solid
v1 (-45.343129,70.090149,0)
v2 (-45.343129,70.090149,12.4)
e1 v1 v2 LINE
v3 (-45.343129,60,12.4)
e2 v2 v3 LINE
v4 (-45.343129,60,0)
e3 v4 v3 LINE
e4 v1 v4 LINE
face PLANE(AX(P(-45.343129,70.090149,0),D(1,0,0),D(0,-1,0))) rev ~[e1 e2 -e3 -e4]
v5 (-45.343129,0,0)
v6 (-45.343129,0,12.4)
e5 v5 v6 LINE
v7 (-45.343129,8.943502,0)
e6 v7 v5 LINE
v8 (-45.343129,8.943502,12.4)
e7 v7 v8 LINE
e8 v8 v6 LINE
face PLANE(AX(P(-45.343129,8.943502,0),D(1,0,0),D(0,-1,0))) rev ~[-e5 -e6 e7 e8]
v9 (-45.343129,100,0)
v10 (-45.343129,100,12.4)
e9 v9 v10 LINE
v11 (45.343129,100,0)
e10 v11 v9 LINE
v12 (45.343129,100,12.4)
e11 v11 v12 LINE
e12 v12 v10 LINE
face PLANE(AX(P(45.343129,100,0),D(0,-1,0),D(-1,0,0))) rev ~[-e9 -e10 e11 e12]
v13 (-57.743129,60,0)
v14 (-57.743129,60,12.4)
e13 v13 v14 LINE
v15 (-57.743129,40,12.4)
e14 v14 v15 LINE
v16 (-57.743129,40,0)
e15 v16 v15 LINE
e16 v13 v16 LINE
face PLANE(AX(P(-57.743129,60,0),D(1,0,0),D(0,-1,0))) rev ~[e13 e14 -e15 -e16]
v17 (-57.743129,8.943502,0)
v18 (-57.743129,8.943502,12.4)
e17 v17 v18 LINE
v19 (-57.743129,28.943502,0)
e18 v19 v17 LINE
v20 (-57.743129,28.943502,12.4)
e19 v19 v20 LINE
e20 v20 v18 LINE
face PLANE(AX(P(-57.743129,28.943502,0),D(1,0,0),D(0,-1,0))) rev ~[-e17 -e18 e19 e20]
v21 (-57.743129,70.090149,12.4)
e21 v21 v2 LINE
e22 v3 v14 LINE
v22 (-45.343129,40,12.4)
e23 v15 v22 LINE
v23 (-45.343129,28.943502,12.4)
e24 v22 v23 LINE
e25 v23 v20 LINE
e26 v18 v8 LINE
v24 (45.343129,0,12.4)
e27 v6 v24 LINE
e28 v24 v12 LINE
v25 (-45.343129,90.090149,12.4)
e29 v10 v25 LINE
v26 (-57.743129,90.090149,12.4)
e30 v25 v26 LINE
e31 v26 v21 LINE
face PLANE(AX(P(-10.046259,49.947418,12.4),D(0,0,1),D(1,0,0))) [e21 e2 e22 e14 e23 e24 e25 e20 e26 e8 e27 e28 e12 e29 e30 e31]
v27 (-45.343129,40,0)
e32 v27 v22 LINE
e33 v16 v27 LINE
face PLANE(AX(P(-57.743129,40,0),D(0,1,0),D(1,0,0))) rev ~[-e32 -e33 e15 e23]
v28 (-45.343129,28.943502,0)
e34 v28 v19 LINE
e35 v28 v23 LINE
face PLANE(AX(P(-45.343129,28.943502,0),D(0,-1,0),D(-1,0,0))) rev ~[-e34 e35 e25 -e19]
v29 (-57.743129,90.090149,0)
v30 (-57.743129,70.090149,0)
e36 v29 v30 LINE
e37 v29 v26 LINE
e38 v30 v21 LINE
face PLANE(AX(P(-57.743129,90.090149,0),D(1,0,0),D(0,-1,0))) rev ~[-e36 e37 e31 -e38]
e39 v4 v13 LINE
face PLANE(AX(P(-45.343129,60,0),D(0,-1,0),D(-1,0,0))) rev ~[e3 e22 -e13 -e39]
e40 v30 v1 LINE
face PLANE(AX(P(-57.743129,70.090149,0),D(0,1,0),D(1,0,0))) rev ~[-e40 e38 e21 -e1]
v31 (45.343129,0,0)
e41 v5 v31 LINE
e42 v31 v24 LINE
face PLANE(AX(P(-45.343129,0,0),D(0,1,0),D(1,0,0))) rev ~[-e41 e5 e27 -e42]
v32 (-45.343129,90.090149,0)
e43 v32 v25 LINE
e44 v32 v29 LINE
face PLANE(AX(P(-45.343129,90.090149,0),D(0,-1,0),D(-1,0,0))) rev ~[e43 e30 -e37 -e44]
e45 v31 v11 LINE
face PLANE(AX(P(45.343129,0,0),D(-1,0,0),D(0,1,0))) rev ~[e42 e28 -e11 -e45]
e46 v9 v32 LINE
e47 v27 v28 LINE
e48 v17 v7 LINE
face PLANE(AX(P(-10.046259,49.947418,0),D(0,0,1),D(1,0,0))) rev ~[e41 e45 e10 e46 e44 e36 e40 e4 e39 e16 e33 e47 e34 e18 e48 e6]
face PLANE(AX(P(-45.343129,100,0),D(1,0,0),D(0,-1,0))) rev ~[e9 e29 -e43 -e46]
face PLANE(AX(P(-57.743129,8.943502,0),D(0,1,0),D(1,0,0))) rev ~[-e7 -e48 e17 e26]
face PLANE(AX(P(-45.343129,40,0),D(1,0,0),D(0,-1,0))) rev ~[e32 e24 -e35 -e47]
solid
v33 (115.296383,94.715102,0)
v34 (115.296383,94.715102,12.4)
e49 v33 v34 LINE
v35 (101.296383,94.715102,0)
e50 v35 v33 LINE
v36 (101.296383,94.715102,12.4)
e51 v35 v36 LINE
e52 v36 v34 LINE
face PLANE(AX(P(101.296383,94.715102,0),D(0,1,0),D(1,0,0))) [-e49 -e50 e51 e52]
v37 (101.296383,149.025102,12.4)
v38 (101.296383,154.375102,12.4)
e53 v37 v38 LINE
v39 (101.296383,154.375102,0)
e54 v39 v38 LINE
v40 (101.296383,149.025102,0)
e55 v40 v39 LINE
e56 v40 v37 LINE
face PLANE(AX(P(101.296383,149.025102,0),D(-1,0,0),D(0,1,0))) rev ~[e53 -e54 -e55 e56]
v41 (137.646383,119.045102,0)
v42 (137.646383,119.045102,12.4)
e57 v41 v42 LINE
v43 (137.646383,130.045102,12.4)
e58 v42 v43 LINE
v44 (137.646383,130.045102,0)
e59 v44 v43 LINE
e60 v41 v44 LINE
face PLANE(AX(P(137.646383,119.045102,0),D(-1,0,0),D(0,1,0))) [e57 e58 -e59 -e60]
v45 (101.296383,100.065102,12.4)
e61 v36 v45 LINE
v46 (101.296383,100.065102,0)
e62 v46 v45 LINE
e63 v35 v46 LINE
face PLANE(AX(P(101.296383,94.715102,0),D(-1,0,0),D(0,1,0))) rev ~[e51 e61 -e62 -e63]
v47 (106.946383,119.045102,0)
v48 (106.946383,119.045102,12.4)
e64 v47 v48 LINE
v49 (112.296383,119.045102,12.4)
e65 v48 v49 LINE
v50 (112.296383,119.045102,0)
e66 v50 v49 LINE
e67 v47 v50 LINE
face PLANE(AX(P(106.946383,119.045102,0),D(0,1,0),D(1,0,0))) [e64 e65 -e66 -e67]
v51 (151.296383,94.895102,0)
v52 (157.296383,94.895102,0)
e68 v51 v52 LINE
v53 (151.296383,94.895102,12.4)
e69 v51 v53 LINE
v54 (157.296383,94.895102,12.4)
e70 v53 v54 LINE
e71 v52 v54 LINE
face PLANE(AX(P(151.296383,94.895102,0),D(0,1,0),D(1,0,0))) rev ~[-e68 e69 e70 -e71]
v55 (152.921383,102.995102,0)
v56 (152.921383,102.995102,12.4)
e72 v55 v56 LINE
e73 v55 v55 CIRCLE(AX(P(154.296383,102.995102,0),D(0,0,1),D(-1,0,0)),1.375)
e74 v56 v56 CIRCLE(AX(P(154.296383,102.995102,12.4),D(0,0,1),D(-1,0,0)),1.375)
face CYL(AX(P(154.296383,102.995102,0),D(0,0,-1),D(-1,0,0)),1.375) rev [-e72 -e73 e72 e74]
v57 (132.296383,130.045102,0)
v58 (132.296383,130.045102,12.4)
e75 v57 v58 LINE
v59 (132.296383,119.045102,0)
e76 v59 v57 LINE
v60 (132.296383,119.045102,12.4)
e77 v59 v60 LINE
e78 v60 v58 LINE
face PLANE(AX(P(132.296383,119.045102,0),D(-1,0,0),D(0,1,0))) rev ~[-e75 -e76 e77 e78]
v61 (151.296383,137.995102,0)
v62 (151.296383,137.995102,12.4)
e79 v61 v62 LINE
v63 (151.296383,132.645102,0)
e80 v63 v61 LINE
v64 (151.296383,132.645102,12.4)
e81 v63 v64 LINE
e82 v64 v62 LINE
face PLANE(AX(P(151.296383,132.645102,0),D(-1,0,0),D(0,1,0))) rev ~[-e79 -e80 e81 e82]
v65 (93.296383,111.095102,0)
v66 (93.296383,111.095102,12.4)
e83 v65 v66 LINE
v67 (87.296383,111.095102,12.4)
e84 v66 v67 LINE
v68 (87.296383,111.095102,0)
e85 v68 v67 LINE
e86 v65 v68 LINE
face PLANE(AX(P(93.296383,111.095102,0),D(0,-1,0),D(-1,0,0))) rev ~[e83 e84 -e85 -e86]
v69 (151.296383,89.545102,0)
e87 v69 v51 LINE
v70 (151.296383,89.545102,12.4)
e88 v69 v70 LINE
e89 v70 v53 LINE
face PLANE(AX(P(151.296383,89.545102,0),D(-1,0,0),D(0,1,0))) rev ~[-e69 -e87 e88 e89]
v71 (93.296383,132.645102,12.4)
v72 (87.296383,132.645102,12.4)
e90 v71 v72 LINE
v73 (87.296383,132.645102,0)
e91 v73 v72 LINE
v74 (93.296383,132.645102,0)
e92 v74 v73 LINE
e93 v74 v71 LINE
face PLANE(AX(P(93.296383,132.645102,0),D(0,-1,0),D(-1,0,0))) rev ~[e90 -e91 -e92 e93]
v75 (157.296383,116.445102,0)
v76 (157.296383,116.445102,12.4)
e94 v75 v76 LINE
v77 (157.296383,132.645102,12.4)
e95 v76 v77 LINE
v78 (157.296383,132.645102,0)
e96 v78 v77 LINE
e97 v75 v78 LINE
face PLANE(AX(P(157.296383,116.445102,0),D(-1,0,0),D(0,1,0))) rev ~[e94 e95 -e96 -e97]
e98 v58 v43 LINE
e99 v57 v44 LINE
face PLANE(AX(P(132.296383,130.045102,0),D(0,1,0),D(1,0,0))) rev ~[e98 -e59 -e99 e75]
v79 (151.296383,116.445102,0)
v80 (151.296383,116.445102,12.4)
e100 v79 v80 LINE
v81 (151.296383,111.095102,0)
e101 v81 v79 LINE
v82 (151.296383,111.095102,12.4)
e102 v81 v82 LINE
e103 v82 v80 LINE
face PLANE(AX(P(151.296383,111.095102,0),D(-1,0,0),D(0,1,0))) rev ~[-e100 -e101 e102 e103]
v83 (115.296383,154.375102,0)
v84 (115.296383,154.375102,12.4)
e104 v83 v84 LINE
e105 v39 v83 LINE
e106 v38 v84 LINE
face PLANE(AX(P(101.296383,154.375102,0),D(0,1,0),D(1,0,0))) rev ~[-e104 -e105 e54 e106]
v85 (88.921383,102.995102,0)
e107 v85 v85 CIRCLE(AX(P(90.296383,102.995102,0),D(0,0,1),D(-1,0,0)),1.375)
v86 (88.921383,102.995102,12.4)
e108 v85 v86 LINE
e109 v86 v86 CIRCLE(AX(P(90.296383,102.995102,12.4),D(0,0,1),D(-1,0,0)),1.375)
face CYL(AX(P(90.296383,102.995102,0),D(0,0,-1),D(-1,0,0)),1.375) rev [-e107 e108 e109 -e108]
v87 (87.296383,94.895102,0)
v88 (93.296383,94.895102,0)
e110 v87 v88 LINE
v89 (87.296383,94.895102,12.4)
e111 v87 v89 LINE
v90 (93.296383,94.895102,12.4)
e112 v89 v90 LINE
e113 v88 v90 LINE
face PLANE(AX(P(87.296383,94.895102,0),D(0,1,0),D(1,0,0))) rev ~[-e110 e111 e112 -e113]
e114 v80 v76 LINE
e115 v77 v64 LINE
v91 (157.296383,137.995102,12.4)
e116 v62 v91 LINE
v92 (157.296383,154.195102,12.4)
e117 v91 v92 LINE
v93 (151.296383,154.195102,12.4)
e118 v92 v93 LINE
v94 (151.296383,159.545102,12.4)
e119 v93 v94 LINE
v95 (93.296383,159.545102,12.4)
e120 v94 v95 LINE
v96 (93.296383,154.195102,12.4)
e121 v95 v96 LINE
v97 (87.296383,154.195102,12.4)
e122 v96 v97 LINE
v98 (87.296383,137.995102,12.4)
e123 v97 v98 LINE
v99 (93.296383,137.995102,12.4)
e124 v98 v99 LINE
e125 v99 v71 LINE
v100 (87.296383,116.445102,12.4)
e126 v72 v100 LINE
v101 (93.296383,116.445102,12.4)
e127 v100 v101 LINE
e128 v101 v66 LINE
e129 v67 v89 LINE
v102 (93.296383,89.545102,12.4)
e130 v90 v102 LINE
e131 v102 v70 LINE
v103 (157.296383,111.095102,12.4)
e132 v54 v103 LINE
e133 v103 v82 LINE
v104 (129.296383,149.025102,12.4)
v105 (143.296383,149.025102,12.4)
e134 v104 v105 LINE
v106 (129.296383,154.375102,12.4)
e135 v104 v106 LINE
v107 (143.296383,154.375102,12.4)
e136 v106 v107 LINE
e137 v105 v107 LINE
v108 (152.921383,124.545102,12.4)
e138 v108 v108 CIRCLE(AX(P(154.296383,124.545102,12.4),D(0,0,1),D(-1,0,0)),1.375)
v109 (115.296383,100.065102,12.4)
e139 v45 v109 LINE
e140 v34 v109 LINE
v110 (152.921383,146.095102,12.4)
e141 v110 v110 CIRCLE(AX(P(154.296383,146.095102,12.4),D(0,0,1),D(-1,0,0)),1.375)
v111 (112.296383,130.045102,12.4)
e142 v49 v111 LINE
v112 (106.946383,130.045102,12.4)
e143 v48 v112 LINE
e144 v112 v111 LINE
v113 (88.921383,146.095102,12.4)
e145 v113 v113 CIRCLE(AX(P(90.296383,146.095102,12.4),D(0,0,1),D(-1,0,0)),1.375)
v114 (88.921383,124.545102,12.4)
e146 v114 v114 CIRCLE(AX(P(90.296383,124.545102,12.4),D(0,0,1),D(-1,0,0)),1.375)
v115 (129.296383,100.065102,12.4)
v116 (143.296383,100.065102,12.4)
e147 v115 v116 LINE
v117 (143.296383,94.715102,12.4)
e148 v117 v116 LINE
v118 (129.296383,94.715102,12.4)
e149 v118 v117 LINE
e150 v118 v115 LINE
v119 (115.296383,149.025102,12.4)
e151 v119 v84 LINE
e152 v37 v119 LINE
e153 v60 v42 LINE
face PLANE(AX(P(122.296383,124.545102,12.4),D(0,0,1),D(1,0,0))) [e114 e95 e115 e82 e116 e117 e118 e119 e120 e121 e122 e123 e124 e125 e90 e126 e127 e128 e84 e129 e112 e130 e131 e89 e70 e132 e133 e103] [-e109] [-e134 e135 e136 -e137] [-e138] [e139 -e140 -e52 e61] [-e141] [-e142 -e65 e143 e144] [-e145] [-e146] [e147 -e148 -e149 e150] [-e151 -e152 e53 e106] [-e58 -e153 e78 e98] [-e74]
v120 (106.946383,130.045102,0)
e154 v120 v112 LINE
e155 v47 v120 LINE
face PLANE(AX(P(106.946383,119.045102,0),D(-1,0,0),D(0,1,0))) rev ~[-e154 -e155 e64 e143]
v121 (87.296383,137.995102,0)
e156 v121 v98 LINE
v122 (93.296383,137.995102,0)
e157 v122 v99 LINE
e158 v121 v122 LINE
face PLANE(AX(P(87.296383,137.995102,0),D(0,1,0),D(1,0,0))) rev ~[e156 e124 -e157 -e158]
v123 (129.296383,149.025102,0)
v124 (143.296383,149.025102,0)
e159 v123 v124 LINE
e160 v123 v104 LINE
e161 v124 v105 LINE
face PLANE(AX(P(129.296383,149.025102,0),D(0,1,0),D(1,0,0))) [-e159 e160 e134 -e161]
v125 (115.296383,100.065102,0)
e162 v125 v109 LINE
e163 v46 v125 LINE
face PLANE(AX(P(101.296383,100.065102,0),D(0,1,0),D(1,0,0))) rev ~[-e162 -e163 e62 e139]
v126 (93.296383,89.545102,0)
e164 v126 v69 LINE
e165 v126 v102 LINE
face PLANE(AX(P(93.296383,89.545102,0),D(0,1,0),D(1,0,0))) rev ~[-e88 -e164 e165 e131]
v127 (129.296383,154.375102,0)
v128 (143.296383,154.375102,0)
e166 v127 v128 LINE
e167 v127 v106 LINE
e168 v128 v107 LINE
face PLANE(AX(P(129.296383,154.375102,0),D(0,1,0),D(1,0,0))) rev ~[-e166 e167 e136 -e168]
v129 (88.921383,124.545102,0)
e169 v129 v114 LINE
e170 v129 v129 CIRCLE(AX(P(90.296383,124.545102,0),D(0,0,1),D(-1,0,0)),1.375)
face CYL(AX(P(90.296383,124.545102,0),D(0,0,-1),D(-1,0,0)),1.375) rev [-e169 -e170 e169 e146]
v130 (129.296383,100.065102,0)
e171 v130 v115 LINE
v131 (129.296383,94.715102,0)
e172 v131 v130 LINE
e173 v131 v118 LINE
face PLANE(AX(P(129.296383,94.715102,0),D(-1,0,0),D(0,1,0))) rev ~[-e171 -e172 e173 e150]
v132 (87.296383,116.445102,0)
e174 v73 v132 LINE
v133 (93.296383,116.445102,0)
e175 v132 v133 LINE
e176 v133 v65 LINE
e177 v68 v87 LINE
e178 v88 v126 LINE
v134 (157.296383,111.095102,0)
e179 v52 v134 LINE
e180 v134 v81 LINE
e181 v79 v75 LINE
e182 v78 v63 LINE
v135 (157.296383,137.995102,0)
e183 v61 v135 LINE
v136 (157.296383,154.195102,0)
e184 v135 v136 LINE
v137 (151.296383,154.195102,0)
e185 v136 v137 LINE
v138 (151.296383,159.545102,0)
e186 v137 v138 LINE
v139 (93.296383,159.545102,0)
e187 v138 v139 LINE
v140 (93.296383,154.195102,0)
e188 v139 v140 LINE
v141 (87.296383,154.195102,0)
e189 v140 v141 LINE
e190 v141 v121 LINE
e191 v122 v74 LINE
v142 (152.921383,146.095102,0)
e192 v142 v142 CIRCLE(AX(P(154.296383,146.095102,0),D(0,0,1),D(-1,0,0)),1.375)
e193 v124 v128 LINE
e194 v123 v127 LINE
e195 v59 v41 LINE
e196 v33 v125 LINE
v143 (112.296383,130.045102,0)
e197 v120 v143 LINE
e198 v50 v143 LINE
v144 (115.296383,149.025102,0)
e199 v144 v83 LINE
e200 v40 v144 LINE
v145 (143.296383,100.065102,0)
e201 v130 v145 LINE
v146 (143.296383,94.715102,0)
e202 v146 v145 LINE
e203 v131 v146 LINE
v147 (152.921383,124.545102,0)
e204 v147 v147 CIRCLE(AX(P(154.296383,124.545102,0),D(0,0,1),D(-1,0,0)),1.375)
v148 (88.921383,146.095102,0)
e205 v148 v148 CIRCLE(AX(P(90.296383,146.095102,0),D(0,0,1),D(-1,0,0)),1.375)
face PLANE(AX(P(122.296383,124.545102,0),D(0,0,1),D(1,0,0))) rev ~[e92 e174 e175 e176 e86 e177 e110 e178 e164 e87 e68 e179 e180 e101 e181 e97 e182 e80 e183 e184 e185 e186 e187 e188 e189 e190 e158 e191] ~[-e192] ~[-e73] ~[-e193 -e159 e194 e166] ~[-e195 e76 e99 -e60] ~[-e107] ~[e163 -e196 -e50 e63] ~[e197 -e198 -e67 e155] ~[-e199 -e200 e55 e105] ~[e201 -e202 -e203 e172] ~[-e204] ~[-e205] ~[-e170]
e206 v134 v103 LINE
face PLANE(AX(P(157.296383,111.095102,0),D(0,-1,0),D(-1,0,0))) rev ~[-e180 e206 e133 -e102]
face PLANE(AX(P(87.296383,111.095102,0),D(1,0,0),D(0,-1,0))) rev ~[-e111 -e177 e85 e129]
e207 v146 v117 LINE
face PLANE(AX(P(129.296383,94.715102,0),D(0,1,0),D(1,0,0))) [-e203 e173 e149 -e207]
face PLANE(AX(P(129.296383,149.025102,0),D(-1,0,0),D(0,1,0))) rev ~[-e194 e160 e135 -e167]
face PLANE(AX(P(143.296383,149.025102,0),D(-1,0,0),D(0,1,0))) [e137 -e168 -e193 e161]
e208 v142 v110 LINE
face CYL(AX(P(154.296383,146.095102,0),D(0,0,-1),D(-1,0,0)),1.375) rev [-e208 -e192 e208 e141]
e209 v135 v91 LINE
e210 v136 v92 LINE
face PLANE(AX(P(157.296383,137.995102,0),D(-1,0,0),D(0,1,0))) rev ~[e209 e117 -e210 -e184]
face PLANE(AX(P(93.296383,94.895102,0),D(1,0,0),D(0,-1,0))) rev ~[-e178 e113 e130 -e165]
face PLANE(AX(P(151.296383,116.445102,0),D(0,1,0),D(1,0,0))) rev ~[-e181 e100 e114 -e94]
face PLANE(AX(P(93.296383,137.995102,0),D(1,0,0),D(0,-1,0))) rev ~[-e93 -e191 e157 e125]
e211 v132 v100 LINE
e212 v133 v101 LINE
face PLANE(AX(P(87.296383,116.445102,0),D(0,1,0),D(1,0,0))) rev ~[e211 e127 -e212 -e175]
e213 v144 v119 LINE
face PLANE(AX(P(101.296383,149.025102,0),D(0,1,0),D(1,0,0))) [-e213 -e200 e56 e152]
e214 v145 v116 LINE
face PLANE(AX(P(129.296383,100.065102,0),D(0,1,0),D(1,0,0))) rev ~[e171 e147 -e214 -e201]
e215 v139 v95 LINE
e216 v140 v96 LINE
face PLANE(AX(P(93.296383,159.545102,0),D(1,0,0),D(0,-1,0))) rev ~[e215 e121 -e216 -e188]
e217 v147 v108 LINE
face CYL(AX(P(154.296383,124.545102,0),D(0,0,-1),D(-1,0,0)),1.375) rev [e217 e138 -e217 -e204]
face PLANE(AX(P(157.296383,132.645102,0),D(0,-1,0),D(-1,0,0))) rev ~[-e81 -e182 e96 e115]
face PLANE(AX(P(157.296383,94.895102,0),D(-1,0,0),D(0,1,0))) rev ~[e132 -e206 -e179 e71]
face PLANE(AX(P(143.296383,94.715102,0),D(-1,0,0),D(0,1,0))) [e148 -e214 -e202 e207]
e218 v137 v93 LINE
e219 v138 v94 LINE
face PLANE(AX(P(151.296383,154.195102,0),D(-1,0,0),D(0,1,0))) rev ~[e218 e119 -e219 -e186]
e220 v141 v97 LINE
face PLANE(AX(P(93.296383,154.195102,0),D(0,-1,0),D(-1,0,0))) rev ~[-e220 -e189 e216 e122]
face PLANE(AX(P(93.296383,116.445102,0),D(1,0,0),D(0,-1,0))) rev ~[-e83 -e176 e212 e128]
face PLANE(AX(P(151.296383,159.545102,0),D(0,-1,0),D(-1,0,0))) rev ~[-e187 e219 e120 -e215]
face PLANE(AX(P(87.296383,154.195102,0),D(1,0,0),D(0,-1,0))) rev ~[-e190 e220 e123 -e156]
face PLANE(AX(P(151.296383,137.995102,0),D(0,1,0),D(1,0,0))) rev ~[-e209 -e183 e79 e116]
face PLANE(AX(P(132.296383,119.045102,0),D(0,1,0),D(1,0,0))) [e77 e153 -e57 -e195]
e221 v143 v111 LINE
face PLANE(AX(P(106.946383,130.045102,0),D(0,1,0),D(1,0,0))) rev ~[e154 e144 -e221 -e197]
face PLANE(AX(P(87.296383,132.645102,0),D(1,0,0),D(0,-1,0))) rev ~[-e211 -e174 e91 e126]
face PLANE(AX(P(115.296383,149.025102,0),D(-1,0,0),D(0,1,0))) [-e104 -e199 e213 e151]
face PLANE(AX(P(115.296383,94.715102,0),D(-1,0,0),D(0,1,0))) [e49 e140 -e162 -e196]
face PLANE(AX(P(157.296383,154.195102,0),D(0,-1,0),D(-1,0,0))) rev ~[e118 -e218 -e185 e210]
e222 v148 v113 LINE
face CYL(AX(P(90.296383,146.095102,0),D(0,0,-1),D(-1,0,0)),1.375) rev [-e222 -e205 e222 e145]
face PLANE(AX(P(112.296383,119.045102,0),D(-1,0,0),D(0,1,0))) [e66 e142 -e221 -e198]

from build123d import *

# Parameters (mm, degrees)
MODEL_R               = 1.375
MODEL_W               = 14
MODEL_H               = 5.35
MODEL_W_2             = 5.35
MODEL_H_2             = 11
BOSS_EXTRUDE1_DEPTH   = 12.4
BOSS_EXTRUDE1_2_DEPTH = 12.4


with BuildPart() as part:
    # Model → Boss-Extrude1 (new body)
    with BuildSketch(Plane.XY):
        Polygon((93.296383478, 89.545101684), (151.296383478, 89.545101684), (151.296383478, 94.895101684), (157.296383478, 94.895101684), (157.296383478, 111.095101684), (151.296383478, 111.095101684), (151.296383478, 116.445101684), (157.296383478, 116.445101684), (157.296383478, 132.645101684), (151.296383478, 132.645101684), (151.296383478, 137.995101684), (157.296383478, 137.995101684), (157.296383478, 154.195101684), (151.296383478, 154.195101684), (151.296383478, 159.545101684), (93.296383478, 159.545101684), (93.296383478, 154.195101684), (87.296383478, 154.195101684), (87.296383478, 137.995101684), (93.296383478, 137.995101684), (93.296383478, 132.645101684), (87.296383478, 132.645101684), (87.296383478, 116.445101684), (93.296383478, 116.445101684), (93.296383478, 111.095101684), (87.296383478, 111.095101684), (87.296383478, 94.895101684), (93.296383478, 94.895101684), align=None)
        with Locations(Location((90.296383478, 146.095101684, 0), (0, 0, 180))):
            Circle(MODEL_R, mode=Mode.SUBTRACT)
        with Locations(Location((154.296383478, 146.095101684, 0), (0, 0, 180))):
            Circle(MODEL_R, mode=Mode.SUBTRACT)
        with Locations(Location((154.296383478, 102.995101684, 0), (0, 0, 180))):
            Circle(MODEL_R, mode=Mode.SUBTRACT)
        with Locations(Location((90.296383478, 102.995101684, 0), (0, 0, 180))):
            Circle(MODEL_R, mode=Mode.SUBTRACT)
        with Locations(Location((90.296383478, 124.545101684, 0), (0, 0, 180))):
            Circle(MODEL_R, mode=Mode.SUBTRACT)
        with Locations(Location((154.296383478, 124.545101684, 0), (0, 0, 180))):
            Circle(MODEL_R, mode=Mode.SUBTRACT)
        with Locations((108.296383478, 151.700101684)):
            Rectangle(MODEL_W, MODEL_H, mode=Mode.SUBTRACT)
        with Locations((136.296383478, 151.700101684)):
            Rectangle(MODEL_W, MODEL_H, mode=Mode.SUBTRACT)
        with Locations((136.296383478, 97.390101684)):
            Rectangle(MODEL_W, MODEL_H, mode=Mode.SUBTRACT)
        with Locations((108.296383478, 97.390101684)):
            Rectangle(MODEL_W, MODEL_H, mode=Mode.SUBTRACT)
        with Locations((109.621383478, 124.545101684)):
            Rectangle(MODEL_W_2, MODEL_H_2, mode=Mode.SUBTRACT)
        with Locations((134.971383478, 124.545101684)):
            Rectangle(MODEL_W_2, MODEL_H_2, mode=Mode.SUBTRACT)
    extrude(amount=BOSS_EXTRUDE1_DEPTH)


with BuildPart() as body_2:
    # Model → Boss-Extrude1 2 (new body)
    with BuildSketch(Plane.XY):
        Polygon((-45.343128598, 90.090149077), (-57.743128598, 90.090149077), (-57.743128598, 70.090149077), (-45.343128598, 70.090149077), (-45.343128598, 60), (-57.743128598, 60), (-57.743128598, 40), (-45.343128598, 40), (-45.343128598, 28.943501612), (-57.743128598, 28.943501612), (-57.743128598, 8.943501612), (-45.343128598, 8.943501612), (-45.343128598, 0), (45.343128598, 0), (45.343128598, 100), (-45.343128598, 100), align=None)
    extrude(amount=BOSS_EXTRUDE1_2_DEPTH)


solid = Compound([part.part, body_2.part])
